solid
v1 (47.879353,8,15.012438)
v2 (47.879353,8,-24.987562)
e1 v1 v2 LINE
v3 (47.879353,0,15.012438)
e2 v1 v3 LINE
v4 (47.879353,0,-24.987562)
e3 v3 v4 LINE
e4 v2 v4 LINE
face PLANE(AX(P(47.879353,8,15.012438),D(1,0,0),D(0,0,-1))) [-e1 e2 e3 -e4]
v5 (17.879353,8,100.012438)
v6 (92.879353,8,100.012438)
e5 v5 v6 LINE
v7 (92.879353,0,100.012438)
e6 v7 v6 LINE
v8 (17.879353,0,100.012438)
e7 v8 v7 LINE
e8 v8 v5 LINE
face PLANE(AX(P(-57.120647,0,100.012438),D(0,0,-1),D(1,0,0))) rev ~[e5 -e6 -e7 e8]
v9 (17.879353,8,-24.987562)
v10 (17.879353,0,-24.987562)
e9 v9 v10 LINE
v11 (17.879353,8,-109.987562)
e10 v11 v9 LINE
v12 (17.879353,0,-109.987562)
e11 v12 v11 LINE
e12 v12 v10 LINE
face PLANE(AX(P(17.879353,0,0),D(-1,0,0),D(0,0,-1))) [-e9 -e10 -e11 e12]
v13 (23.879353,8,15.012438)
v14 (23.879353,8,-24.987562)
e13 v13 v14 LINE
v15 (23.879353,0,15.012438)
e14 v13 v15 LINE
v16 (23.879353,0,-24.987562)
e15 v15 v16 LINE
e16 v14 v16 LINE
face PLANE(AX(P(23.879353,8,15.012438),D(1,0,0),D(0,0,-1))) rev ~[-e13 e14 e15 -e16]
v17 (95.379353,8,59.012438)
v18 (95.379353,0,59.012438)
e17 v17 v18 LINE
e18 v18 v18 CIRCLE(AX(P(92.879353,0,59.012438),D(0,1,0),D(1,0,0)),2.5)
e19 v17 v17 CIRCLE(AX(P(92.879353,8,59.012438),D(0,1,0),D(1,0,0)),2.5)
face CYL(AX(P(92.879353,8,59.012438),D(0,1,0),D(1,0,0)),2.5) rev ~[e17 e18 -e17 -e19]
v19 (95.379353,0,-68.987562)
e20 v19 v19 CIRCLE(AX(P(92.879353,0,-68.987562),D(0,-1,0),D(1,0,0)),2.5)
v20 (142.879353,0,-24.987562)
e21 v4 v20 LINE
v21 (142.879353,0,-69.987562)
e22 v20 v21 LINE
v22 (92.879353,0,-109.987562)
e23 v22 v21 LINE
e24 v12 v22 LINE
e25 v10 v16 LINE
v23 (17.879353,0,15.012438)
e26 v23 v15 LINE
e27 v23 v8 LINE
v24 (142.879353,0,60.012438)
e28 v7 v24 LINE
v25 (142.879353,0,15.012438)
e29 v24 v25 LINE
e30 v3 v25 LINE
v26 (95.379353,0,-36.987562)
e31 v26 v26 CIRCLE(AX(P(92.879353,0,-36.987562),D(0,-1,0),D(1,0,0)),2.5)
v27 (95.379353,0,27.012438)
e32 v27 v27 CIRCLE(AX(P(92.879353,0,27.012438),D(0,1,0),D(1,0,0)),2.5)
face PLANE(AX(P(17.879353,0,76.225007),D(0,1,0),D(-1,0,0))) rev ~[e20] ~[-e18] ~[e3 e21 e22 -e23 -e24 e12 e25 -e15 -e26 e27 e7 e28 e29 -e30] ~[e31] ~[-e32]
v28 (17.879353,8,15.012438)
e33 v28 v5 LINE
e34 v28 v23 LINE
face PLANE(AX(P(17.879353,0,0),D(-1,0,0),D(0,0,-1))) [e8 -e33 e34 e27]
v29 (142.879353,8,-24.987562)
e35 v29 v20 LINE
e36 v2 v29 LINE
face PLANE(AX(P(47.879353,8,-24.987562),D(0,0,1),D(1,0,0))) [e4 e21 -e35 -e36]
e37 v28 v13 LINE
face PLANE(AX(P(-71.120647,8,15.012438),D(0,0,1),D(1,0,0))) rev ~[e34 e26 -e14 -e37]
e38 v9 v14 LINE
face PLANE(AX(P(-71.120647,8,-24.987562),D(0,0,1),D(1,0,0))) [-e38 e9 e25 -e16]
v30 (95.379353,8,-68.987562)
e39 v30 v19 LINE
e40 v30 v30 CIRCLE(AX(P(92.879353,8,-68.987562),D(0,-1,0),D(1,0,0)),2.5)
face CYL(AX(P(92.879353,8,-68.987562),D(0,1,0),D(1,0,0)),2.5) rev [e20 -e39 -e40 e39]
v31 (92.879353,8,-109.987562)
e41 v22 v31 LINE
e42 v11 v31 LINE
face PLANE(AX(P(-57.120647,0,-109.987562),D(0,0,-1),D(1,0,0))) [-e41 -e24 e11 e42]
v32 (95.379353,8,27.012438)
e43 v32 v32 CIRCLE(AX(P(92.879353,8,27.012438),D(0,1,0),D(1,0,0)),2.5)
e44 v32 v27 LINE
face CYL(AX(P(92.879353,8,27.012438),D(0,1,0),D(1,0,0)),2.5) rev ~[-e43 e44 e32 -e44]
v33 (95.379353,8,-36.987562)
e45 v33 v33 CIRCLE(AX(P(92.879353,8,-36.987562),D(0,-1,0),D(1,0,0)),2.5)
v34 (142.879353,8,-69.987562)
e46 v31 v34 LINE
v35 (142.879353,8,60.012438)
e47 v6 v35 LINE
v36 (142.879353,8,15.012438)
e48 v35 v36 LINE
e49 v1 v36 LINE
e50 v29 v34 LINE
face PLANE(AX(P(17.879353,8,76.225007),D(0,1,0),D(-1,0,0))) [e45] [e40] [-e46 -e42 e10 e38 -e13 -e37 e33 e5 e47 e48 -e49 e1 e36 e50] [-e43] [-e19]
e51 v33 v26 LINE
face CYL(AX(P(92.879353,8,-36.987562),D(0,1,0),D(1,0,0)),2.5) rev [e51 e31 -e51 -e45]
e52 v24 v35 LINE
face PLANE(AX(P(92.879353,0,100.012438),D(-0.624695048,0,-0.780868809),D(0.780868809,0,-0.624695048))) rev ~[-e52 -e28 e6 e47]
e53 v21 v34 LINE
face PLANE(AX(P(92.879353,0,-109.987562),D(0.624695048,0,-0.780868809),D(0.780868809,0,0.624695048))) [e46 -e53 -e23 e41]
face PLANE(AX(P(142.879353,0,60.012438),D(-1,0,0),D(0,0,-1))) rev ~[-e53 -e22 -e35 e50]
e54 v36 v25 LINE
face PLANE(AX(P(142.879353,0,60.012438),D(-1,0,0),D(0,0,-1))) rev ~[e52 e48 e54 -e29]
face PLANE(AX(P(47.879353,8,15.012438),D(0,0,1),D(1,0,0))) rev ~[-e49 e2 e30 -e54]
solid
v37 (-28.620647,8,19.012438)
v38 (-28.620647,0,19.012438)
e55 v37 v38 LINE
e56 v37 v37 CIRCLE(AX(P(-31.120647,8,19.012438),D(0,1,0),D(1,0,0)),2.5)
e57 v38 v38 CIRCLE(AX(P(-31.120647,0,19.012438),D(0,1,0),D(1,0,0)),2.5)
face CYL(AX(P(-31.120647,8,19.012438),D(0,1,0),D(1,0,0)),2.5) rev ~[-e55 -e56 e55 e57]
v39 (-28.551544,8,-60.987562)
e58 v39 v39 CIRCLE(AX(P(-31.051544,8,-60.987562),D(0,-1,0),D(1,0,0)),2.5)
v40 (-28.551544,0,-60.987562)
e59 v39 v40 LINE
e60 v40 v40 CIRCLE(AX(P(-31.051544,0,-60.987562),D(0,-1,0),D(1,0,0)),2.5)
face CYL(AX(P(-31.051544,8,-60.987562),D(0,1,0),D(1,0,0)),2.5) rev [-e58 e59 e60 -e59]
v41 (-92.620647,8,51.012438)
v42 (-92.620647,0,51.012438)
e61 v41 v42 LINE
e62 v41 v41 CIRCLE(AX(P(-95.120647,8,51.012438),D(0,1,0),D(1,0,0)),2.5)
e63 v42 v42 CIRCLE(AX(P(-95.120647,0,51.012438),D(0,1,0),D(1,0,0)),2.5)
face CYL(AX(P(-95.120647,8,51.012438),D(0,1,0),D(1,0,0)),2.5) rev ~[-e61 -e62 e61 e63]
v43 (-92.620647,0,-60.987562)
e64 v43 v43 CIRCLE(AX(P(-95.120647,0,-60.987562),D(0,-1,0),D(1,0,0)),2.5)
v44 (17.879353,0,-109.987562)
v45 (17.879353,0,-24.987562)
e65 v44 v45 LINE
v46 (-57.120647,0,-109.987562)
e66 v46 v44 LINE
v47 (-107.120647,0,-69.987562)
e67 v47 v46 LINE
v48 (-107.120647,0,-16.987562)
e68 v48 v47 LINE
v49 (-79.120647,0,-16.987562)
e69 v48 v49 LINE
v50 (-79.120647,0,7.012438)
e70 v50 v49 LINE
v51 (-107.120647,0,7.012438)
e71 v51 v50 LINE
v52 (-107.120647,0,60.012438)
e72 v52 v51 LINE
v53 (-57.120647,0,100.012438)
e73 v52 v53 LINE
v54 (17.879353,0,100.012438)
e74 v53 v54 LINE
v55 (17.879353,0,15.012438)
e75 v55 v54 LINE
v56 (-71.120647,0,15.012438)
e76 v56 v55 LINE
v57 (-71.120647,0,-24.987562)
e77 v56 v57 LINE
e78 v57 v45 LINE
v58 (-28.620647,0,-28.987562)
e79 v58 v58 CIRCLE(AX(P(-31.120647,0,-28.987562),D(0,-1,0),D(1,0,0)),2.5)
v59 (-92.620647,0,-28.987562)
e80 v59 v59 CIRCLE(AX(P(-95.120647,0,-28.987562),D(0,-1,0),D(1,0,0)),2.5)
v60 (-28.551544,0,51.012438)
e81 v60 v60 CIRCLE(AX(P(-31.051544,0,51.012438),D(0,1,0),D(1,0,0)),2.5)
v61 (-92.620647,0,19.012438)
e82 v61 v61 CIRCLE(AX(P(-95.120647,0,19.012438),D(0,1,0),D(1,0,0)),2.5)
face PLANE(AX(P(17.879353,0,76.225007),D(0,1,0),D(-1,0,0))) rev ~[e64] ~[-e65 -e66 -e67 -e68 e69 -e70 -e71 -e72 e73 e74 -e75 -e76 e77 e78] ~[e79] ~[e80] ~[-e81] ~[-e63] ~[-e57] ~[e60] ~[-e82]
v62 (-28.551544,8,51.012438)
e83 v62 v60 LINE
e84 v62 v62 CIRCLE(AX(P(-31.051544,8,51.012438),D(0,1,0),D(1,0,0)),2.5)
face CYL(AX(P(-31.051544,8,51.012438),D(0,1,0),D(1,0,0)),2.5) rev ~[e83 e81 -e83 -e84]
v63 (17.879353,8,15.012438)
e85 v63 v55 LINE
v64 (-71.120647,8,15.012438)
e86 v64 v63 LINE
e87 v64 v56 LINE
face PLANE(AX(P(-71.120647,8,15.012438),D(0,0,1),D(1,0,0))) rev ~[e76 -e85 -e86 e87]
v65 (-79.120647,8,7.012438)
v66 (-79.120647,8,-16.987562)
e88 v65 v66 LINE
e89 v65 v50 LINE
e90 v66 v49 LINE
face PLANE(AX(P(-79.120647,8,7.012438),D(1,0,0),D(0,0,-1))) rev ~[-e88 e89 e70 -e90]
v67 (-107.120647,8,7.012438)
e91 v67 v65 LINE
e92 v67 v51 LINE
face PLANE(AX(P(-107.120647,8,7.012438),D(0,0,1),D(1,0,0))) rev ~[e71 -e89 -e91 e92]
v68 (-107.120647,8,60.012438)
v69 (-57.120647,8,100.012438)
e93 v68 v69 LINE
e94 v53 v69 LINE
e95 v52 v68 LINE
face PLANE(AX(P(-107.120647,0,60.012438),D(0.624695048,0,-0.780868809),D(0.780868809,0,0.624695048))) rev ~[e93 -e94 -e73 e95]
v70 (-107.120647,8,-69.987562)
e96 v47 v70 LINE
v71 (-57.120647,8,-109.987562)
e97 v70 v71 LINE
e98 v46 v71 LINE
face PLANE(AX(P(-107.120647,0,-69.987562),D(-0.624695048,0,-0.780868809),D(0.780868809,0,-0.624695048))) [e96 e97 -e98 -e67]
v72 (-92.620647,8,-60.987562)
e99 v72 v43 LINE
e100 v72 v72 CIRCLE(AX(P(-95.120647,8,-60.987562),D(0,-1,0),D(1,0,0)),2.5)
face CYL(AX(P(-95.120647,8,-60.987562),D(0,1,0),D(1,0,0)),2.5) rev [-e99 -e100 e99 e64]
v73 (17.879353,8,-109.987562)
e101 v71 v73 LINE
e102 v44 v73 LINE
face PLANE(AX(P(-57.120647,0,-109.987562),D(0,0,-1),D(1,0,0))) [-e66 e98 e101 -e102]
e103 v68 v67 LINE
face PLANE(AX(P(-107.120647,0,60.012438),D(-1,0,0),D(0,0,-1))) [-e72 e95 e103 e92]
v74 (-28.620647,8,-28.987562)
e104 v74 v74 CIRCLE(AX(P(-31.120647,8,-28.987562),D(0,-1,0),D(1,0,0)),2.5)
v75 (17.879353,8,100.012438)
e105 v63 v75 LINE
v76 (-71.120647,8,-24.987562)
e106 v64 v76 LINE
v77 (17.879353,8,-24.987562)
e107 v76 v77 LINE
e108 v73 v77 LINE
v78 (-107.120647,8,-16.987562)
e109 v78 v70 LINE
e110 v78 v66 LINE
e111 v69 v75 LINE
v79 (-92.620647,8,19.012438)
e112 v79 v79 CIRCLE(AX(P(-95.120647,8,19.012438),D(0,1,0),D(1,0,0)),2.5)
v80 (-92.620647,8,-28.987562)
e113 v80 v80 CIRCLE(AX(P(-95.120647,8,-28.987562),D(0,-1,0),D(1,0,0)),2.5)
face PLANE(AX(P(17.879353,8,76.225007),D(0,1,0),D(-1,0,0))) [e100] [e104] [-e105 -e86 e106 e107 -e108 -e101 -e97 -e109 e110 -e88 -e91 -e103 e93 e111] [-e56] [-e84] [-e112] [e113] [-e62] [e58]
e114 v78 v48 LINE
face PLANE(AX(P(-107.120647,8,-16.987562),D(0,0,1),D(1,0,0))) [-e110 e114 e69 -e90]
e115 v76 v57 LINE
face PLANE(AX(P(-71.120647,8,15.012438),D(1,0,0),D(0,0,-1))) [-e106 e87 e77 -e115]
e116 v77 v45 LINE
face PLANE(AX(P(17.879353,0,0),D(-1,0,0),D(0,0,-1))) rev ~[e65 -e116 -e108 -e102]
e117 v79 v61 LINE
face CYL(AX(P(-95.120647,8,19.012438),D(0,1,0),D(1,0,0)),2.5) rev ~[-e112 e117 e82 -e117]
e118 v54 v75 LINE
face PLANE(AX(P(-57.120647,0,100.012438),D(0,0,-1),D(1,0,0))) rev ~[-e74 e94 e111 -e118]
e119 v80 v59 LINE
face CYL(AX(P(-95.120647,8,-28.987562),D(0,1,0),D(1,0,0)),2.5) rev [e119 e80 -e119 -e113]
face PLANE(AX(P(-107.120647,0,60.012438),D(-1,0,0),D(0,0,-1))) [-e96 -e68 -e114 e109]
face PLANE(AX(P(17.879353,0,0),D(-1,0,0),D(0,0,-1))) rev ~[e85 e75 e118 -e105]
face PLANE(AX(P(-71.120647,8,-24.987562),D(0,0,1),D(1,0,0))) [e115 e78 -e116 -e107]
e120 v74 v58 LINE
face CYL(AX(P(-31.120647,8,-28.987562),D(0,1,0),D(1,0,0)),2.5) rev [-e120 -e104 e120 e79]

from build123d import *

# Parameters (mm, degrees)
SKETCH1_W           = 250
SKETCH1_H           = 130
BOSS_EXTRUDE1_DEPTH = 8
SKETCH2_W           = 95
SKETCH2_H           = 40
CUT_EXTRUDE1_DEPTH  = 8
SKETCH3_W           = 28
SKETCH3_H           = 24
CUT_EXTRUDE2_DEPTH  = 8
SKETCH4_W           = 95
SKETCH4_H           = 40
CUT_EXTRUDE3_DEPTH  = 8
BOSS_EXTRUDE2_DEPTH = 8
SKETCH6_R           = 2.5
CUT_EXTRUDE4_DEPTH  = 8
SKETCH7_R           = 2.5
CUT_EXTRUDE5_DEPTH  = 8
SKETCH8_R           = 2.5
CUT_EXTRUDE6_DEPTH  = 8


with BuildPart() as part:
    # Sketch1 → Boss-Extrude1 (new body)
    with BuildSketch(Plane(origin=(0, 0, 0), x_dir=(1, 0, 0), z_dir=(0, 1, 0))):
        with Locations((17.879353234, 4.987562189)):
            Rectangle(SKETCH1_W, SKETCH1_H)
    extrude(amount=BOSS_EXTRUDE1_DEPTH)

    # Sketch2 → Cut-Extrude1 (cut)
    with BuildSketch(Plane(origin=(0, 8, 0), x_dir=(1, 0, 0), z_dir=(0, 1, 0))):
        with Locations((95.379353234, 4.987562189)):
            Rectangle(SKETCH2_W, SKETCH2_H)
    extrude(amount=-CUT_EXTRUDE1_DEPTH, mode=Mode.SUBTRACT)

    # Sketch3 → Cut-Extrude2 (cut)
    with BuildSketch(Plane(origin=(0, 8, 0), x_dir=(1, 0, 0), z_dir=(0, 1, 0))):
        with Locations((-93.120646766, 4.987562189)):
            Rectangle(SKETCH3_W, SKETCH3_H)
    extrude(amount=-CUT_EXTRUDE2_DEPTH, mode=Mode.SUBTRACT)

    # Sketch4 → Cut-Extrude3 (cut)
    with BuildSketch(Plane(origin=(0, 8, 0), x_dir=(1, 0, 0), z_dir=(0, 1, 0))):
        with Locations((-23.620646766, 4.987562189)):
            Rectangle(SKETCH4_W, SKETCH4_H)
    extrude(amount=-CUT_EXTRUDE3_DEPTH, mode=Mode.SUBTRACT)

    # Sketch5 → Boss-Extrude2 (add)
    with BuildSketch(Plane.XZ):
        Polygon((-107.120646766, 60.012437811), (-57.120646766, 100.012437811), (92.879353234, 100.012437811), (142.879353234, 60.012437811), align=None)
        Polygon((-107.120646766, -69.987562189), (-57.120646766, -109.987562189), (92.879353234, -109.987562189), (142.879353234, -69.987562189), align=None)
    extrude(amount=-BOSS_EXTRUDE2_DEPTH)

    # Sketch6 → Cut-Extrude4 (cut)
    with BuildSketch(Plane(origin=(0, 8, 0), x_dir=(1, 0, 0), z_dir=(0, 1, 0))):
        with Locations((92.879353234, -27.012437811)):
            Circle(SKETCH6_R)
        with Locations((92.879353234, -59.012437811)):
            Circle(SKETCH6_R)
    cut_extrude4 = extrude(amount=-CUT_EXTRUDE4_DEPTH, mode=Mode.SUBTRACT)

    # Sketch7 → Cut-Extrude5 (cut)
    with BuildSketch(Plane(origin=(0, 8, 0), x_dir=(1, 0, 0), z_dir=(0, 1, 0))):
        with Locations((-95.120646766, -19.012437811)):
            Circle(SKETCH7_R)
        with Locations((-95.120646766, -51.012437811)):
            Circle(SKETCH7_R)
    cut_extrude5 = extrude(amount=-CUT_EXTRUDE5_DEPTH, mode=Mode.SUBTRACT)

    # Mirror1: Cut-Extrude4, Cut-Extrude5 across plane
    add(cut_extrude4.mirror(Plane.XY.offset(-4.987562189)), mode=Mode.SUBTRACT)
    add(cut_extrude5.mirror(Plane.XY.offset(-4.987562189)), mode=Mode.SUBTRACT)

    # Sketch8 → Cut-Extrude6 (cut)
    with BuildSketch(Plane(origin=(0, 8, 0), x_dir=(1, 0, 0), z_dir=(0, 1, 0))):
        with Locations((-31.120646766, -19.012437811)):
            Circle(SKETCH8_R)
        with Locations((-31.051544466, -51.012437811)):
            Circle(SKETCH8_R)
    cut_extrude6 = extrude(amount=-CUT_EXTRUDE6_DEPTH, mode=Mode.SUBTRACT)

    # Mirror2: Cut-Extrude6 across plane
    add(cut_extrude6.mirror(Plane.XY.offset(-4.987562189)), mode=Mode.SUBTRACT)


with BuildPart() as body_2:
    # Split1: the piece on the far side of the plane
    add(part.part)
    split(bisect_by=Plane(origin=(17.879353234, 0, 0), x_dir=(0, 0, -1), z_dir=(-1, 0, 0)), keep=Keep.BOTTOM)


with BuildPart() as part_1:
    add(part.part)

    # Split1
    split(bisect_by=Plane(origin=(17.879353234, 0, 0), x_dir=(0, 0, -1), z_dir=(-1, 0, 0)), keep=Keep.TOP)


solid = Compound([body_2.part, part_1.part])
